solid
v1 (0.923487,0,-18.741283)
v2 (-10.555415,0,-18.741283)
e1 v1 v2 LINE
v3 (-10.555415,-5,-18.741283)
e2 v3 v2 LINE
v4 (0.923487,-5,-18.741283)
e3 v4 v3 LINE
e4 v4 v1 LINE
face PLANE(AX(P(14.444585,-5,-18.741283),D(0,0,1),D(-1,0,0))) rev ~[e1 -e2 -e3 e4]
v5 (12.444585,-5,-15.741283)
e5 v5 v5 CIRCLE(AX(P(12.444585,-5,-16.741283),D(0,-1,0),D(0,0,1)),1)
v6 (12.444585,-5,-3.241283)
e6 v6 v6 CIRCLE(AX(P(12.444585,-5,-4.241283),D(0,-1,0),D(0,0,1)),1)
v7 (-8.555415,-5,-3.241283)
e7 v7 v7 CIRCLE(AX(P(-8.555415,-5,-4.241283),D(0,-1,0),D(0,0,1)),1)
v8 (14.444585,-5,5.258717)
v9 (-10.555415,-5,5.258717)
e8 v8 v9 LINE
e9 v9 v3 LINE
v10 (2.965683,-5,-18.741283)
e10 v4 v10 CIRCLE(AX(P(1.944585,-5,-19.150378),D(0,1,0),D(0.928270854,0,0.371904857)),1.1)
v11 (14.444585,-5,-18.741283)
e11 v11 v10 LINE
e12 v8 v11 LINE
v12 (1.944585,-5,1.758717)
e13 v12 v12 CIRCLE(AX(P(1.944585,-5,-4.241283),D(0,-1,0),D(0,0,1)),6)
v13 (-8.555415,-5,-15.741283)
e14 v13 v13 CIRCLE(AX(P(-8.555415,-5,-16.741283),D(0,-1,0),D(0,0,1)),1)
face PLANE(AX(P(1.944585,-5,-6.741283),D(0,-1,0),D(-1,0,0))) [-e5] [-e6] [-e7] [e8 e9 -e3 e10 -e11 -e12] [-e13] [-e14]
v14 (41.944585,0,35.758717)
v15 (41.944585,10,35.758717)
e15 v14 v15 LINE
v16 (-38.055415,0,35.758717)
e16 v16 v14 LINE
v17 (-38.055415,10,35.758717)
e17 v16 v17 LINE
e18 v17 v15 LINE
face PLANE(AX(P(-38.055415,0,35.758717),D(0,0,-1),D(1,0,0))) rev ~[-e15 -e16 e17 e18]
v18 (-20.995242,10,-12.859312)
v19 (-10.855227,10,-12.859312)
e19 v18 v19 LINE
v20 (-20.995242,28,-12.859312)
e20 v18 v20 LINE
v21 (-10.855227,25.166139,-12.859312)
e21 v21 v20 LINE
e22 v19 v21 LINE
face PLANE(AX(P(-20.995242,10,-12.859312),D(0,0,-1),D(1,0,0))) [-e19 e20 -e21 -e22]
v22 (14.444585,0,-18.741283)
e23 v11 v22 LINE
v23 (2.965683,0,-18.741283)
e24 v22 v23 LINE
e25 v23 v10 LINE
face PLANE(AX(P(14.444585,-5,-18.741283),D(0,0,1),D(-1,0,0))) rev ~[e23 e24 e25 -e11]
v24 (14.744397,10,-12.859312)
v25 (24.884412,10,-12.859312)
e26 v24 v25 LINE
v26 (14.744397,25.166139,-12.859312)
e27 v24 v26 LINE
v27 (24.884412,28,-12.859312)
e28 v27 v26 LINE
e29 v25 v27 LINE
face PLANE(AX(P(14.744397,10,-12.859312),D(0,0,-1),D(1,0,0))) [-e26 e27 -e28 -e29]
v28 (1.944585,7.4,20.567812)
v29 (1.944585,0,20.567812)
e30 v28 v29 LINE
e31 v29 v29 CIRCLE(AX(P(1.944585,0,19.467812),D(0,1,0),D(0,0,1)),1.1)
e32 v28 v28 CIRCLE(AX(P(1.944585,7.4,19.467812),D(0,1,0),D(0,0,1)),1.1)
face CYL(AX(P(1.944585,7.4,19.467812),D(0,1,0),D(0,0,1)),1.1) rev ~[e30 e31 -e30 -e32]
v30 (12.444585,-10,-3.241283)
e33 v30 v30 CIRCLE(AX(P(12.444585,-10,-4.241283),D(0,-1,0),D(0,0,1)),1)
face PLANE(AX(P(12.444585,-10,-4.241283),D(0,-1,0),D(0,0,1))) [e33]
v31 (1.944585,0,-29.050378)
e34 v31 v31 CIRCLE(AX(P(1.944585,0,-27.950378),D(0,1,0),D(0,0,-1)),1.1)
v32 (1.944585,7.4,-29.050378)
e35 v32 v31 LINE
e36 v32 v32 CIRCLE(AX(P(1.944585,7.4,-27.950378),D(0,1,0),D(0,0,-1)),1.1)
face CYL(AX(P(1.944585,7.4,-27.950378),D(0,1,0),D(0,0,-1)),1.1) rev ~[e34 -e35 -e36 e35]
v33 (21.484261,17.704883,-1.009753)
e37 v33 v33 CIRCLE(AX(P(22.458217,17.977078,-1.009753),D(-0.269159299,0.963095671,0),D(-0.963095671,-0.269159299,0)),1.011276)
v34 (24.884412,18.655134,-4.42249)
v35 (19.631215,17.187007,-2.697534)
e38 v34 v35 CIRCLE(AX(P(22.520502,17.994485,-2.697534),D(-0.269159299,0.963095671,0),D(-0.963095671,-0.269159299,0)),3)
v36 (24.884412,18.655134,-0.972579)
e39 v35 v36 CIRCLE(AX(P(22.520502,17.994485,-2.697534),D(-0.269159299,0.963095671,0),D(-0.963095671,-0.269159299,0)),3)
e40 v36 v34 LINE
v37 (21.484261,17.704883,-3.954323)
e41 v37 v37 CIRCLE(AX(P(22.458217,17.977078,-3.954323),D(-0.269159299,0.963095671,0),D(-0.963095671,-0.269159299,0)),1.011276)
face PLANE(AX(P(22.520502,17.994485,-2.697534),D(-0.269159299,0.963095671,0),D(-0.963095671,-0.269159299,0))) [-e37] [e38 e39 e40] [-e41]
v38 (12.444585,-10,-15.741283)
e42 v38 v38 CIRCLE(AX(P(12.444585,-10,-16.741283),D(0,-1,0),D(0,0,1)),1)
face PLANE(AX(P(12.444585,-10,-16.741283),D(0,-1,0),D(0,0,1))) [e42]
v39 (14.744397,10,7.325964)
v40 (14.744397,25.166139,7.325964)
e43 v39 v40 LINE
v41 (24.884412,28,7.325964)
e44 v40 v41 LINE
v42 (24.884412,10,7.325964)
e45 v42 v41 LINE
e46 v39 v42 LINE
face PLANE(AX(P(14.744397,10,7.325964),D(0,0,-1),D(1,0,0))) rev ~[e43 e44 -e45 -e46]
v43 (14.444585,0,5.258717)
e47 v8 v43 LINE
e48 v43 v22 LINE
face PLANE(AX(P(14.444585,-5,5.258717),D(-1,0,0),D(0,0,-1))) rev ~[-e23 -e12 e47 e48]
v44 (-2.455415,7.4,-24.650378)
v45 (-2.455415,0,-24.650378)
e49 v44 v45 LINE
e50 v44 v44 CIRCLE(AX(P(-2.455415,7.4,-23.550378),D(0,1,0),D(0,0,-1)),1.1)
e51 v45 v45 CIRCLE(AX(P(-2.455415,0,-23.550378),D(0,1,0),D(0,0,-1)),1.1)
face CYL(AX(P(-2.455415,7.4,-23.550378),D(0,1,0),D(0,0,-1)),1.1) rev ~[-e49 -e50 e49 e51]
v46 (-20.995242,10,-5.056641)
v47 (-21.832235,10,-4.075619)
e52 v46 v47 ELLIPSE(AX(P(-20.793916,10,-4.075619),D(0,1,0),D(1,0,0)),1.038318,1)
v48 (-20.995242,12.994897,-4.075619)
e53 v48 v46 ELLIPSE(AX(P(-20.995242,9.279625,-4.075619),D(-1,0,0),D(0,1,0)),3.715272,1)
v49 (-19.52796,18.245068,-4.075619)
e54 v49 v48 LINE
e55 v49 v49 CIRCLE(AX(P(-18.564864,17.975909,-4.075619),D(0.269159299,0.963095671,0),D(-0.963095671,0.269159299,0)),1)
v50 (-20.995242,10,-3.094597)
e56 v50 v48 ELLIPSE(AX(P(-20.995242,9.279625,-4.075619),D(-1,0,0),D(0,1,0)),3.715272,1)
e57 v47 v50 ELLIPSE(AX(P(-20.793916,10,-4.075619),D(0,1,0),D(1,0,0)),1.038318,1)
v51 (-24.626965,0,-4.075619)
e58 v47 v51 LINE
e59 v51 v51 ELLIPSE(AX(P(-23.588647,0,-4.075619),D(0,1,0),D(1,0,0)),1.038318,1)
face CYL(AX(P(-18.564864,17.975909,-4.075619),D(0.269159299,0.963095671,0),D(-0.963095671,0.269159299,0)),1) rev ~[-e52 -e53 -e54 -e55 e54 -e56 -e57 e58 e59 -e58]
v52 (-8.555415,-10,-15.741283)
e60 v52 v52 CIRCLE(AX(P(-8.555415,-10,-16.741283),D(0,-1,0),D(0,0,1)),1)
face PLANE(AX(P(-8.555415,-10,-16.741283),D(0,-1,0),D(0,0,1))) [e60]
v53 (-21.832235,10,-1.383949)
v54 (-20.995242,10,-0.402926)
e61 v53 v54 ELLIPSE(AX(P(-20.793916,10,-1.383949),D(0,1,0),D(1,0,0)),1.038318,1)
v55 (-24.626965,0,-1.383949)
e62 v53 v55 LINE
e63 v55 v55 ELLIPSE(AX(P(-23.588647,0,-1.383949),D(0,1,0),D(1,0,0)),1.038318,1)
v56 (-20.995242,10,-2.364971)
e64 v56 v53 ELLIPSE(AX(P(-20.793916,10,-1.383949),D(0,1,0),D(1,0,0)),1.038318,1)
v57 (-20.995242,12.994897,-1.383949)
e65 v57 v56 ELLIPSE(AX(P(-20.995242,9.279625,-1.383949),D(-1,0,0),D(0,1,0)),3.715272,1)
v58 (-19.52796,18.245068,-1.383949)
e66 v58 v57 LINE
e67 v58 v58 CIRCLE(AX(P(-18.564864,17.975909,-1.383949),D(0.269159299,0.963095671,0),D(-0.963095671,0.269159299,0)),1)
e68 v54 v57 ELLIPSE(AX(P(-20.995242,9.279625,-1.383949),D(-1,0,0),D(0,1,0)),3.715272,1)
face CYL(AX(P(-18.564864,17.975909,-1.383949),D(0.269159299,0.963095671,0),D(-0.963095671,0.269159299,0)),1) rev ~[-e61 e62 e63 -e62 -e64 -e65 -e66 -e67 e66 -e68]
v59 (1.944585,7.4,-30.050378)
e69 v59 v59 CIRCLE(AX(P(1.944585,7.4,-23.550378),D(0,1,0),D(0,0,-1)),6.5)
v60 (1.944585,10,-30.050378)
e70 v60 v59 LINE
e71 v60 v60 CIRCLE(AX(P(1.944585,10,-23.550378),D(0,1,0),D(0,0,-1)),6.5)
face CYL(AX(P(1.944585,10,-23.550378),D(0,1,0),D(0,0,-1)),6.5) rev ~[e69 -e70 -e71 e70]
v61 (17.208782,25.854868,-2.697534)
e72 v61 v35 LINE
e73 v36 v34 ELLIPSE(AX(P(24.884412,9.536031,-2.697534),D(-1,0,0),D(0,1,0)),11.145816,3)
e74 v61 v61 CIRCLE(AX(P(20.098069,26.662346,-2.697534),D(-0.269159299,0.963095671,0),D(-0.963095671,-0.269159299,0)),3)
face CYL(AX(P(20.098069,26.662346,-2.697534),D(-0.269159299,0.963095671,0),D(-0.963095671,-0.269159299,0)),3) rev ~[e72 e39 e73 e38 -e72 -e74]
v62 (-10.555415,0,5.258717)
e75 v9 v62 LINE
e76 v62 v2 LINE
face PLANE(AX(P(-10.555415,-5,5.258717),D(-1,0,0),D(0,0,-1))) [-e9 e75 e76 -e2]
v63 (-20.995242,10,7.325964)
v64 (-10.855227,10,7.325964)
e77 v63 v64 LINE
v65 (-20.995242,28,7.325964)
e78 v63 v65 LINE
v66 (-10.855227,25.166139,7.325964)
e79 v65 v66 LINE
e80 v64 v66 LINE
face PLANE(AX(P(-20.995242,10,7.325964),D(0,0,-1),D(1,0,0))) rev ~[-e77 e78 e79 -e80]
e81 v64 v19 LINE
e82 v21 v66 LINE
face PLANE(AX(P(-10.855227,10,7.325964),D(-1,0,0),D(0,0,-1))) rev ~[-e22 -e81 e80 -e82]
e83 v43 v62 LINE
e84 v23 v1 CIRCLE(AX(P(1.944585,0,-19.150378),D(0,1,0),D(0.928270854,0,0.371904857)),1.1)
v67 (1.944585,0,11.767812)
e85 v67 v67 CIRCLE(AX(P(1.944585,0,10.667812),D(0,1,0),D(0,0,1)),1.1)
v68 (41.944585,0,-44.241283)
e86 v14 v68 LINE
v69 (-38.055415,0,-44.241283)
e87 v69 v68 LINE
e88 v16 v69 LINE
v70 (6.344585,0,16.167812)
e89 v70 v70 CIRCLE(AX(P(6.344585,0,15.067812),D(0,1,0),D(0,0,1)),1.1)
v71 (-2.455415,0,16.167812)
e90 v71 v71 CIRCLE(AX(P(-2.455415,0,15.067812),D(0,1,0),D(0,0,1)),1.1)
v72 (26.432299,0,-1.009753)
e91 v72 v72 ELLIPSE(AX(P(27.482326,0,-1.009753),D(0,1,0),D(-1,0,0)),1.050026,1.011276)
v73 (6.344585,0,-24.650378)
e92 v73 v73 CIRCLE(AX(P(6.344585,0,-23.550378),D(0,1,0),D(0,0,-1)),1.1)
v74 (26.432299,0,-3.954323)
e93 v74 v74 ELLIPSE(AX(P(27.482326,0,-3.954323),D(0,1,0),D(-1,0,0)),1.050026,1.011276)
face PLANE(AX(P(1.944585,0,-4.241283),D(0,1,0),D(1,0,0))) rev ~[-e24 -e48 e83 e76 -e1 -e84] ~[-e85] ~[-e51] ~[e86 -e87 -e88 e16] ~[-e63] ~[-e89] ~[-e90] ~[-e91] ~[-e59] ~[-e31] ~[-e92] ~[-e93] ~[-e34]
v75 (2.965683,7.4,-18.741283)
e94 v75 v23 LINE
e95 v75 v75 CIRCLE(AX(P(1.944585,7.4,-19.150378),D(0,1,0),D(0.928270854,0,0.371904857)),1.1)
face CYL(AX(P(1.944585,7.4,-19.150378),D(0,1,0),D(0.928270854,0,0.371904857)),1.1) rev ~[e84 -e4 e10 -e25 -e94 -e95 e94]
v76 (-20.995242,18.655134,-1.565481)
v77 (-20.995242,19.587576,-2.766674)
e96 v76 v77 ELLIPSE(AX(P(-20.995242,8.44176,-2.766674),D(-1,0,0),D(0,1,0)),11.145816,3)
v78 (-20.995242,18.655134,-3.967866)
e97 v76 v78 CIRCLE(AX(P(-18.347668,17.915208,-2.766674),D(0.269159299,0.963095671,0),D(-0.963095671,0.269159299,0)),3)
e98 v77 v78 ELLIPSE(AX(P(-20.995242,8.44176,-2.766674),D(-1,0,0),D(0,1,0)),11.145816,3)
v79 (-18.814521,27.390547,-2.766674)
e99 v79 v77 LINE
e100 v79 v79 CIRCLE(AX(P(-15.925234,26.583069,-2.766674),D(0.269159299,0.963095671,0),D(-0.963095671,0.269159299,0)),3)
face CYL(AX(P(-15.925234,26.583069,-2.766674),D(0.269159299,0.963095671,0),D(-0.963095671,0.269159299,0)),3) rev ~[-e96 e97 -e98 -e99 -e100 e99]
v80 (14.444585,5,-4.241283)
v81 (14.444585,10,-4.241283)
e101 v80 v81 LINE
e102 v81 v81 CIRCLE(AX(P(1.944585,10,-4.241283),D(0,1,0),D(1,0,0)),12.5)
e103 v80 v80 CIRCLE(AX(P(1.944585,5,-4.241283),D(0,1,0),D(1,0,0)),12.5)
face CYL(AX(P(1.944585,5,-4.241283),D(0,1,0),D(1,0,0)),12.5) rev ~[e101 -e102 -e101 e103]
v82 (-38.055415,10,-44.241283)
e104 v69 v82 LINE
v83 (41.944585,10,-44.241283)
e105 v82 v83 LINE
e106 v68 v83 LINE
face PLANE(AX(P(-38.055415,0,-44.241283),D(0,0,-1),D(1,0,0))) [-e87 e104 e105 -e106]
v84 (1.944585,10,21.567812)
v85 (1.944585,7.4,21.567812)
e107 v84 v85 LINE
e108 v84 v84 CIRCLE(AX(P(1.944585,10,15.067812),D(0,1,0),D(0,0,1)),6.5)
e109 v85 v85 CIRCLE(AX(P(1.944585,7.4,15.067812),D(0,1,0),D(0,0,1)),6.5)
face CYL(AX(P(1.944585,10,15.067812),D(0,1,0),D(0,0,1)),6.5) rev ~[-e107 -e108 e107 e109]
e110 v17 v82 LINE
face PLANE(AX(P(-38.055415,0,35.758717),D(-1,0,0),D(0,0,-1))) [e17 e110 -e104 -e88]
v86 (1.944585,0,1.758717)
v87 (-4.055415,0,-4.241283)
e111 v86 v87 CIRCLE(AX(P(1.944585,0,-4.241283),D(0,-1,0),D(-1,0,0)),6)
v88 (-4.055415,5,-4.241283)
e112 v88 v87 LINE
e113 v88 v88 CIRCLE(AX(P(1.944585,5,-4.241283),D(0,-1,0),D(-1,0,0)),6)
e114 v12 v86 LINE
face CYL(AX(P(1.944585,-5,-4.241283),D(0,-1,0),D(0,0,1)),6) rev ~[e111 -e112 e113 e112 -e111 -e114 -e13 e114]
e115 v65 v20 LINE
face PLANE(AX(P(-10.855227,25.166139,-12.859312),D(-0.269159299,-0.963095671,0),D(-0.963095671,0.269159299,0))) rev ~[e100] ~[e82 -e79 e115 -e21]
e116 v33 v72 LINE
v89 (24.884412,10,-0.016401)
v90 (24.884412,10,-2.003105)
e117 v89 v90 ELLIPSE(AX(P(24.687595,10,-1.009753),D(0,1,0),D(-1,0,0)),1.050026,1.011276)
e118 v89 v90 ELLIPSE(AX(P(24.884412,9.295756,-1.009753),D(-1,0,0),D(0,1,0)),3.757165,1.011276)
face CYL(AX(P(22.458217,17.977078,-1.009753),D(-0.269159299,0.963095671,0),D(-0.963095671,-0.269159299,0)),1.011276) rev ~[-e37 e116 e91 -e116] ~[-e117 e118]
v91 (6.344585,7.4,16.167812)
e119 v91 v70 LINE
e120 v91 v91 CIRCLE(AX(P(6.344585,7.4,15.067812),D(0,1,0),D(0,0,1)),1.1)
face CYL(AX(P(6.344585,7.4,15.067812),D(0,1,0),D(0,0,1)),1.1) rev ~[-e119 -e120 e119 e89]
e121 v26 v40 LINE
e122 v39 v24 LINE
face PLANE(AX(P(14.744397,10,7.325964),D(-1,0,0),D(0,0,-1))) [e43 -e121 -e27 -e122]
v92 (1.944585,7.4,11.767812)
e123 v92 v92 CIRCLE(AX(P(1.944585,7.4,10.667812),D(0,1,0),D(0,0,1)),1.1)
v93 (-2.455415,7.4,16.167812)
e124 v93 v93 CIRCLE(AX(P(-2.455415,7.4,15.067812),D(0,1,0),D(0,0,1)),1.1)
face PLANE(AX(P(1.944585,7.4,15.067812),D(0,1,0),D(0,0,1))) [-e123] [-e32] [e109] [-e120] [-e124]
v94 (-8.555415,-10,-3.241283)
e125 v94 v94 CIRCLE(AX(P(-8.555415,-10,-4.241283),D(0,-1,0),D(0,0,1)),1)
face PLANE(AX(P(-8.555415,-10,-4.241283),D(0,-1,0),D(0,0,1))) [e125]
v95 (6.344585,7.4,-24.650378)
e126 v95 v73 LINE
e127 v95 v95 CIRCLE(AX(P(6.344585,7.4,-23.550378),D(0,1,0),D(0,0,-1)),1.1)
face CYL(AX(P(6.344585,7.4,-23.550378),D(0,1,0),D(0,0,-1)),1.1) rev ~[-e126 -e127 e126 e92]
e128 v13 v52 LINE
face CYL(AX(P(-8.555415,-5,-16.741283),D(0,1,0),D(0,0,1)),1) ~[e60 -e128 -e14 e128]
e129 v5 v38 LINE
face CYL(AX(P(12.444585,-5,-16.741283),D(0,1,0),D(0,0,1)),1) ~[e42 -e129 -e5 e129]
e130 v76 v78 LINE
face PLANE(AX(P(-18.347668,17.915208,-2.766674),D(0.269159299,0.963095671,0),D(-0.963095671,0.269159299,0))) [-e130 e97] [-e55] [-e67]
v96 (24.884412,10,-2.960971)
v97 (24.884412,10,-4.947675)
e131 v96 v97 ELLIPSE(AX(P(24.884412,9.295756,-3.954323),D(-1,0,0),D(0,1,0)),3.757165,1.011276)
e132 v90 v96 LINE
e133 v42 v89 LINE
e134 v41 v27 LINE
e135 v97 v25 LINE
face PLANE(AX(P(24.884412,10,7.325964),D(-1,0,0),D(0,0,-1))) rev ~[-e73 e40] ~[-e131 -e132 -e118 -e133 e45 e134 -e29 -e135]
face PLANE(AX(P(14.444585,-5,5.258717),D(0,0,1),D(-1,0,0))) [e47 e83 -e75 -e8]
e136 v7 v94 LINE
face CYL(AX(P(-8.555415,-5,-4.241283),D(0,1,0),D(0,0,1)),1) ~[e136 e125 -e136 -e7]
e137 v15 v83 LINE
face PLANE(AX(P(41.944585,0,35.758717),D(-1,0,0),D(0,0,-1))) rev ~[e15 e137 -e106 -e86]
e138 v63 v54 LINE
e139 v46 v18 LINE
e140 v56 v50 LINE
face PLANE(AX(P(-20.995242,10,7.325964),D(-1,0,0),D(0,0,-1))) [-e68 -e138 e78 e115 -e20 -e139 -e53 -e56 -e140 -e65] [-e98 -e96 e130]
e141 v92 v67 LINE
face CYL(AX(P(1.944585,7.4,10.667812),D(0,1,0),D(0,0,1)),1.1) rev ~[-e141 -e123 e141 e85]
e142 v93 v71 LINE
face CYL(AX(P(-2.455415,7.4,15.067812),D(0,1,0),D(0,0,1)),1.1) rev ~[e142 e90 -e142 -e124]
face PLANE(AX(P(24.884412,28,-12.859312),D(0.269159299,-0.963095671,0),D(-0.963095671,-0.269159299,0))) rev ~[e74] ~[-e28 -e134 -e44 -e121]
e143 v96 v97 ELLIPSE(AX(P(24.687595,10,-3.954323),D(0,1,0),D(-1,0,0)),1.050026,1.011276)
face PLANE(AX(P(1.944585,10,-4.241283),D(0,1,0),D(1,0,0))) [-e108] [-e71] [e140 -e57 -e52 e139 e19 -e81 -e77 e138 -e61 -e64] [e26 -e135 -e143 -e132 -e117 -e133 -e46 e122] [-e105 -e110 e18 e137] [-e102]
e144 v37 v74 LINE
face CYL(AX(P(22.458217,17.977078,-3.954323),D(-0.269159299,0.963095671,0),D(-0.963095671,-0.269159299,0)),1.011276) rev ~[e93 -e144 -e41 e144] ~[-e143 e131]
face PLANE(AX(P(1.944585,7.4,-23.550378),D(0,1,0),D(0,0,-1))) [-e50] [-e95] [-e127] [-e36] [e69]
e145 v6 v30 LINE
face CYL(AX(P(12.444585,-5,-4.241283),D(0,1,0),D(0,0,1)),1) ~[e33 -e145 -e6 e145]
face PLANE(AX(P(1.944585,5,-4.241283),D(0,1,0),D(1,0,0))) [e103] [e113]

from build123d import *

# Parameters (mm, degrees)
SKETCH28_W                                   = 80
SKETCH28_H                                   = 80
BOSS_EXTRUDE1_DEPTH                          = 10
CBORE_FOR_M10_CHEESE_HEAD_SCREW1_D           = 12
CBORE_FOR_M10_CHEESE_HEAD_SCREW1_CBORE_D     = 25
CBORE_FOR_M10_CHEESE_HEAD_SCREW1_CBORE_DEPTH = 5
BOSS_EXTRUDE2_START                          = 5
SKETCH31_W                                   = 25
SKETCH31_H                                   = 24
SKETCH31_R                                   = 6
BOSS_EXTRUDE2_DEPTH                          = 5
SKETCH36_R                                   = 1
BOSS_EXTRUDE5_DEPTH                          = 5
SKETCH37_R                                   = 6.5
CUT_EXTRUDE1_DEPTH                           = 2.6
SKETCH38_R                                   = 1.1
CUT_EXTRUDE2_DEPTH                           = 64.398733217
SKETCH39_W                                   = 10.140014898
SKETCH39_H                                   = 20.185275771
SKETCH39_W_2                                 = 10.140014899
BOSS_EXTRUDE6_DEPTH                          = 18
CUT_EXTRUDE3_REACH                           = 73.95
SKETCH42_R                                   = 3
CUT_EXTRUDE4_DEPTH                           = 9
SKETCH43_R                                   = 1.011275837
CUT_EXTRUDE5_DEPTH                           = 67.446435697
CUT_EXTRUDE7_REACH                           = 72.05
SKETCH47_R                                   = 3
CUT_EXTRUDE8_DEPTH                           = 9
SKETCH48_R                                   = 1
CUT_EXTRUDE9_DEPTH                           = 65.394869849


with BuildPart() as part:
    # Sketch28 → Boss-Extrude1 (new body)
    with BuildSketch(Plane(origin=(0, 0, 0), x_dir=(1, 0, 0), z_dir=(0, 1, 0))):
        with Locations((1.944585414, 4.241283073)):
            Rectangle(SKETCH28_W, SKETCH28_H)
    extrude(amount=BOSS_EXTRUDE1_DEPTH)

    # CBORE for M10 Cheese Head Screw1 (through all)
    with Locations(Plane(origin=(0, 10, 0), x_dir=(1, 0, 0), z_dir=(0, 1, 0))):
        with Locations((1.944585414, 4.241283073)):
            CounterBoreHole(CBORE_FOR_M10_CHEESE_HEAD_SCREW1_D / 2, CBORE_FOR_M10_CHEESE_HEAD_SCREW1_CBORE_D / 2, CBORE_FOR_M10_CHEESE_HEAD_SCREW1_CBORE_DEPTH)

    # Sketch31 → Boss-Extrude2 (add)
    with BuildSketch(Plane(origin=(0, 0, 0), x_dir=(-1, 0, 0), z_dir=(0, -1, 0)).offset(BOSS_EXTRUDE2_START)):
        with Locations((-1.944585414, 6.741283073)):
            Rectangle(SKETCH31_W, SKETCH31_H)
        with Locations(Location((-1.944585414, 4.241283073, 0), (0, 0, 270))):
            Circle(SKETCH31_R, mode=Mode.SUBTRACT)
    extrude(amount=-BOSS_EXTRUDE2_DEPTH)

    # Sketch36 → Boss-Extrude5 (add)
    with BuildSketch(Plane.XZ.offset(5)):
        with Locations(Location((12.444585414, -16.741283073, 0), (0, 0, 90))):
            Circle(SKETCH36_R)
        with Locations(Location((12.444585414, -4.241283073, 0), (0, 0, 90))):
            Circle(SKETCH36_R)
        with Locations(Location((-8.555414586, -16.741283073, 0), (0, 0, 90))):
            Circle(SKETCH36_R)
        with Locations(Location((-8.555414586, -4.241283073, 0), (0, 0, 90))):
            Circle(SKETCH36_R)
    extrude(amount=BOSS_EXTRUDE5_DEPTH)

    # Sketch37 → Cut-Extrude1 (cut)
    with BuildSketch(Plane(origin=(0, 10, 0), x_dir=(1, 0, 0), z_dir=(0, 1, 0))):
        with Locations(Location((1.944585414, -15.067812269, 0), (0, 0, 270))):
            Circle(SKETCH37_R)
        with Locations(Location((1.944585414, 23.550378415, 0), (0, 0, 90))):
            Circle(SKETCH37_R)
    extrude(amount=-CUT_EXTRUDE1_DEPTH, mode=Mode.SUBTRACT)

    # Sketch38 → Cut-Extrude2 (cut, through all)
    with BuildSketch(Plane(origin=(0, 7.4, 0), x_dir=(1, 0, 0), z_dir=(0, 1, 0))):
        with Locations(Location((1.944585414, -19.467812269, 0), (0, 0, 270))):
            Circle(SKETCH38_R)
        with Locations(Location((-2.455414586, -15.067812269, 0), (0, 0, 270))):
            Circle(SKETCH38_R)
        with Locations(Location((1.944585414, -10.667812269, 0), (0, 0, 270))):
            Circle(SKETCH38_R)
        with Locations(Location((6.344585414, -15.067812269, 0), (0, 0, 270))):
            Circle(SKETCH38_R)
        with Locations(Location((1.944585414, 27.950378415, 0), (0, 0, 90))):
            Circle(SKETCH38_R)
        with Locations(Location((6.344585414, 23.550378415, 0), (0, 0, 90))):
            Circle(SKETCH38_R)
        with Locations(Location((1.944585414, 19.150378415, 0), (0, 0, 338.166857226))):
            Circle(SKETCH38_R)
        with Locations(Location((-2.455414586, 23.550378415, 0), (0, 0, 90))):
            Circle(SKETCH38_R)
    extrude(amount=-CUT_EXTRUDE2_DEPTH, mode=Mode.SUBTRACT)

    # Sketch39 → Boss-Extrude6 (add)
    with BuildSketch(Plane(origin=(-3.101061249, 10, 0), x_dir=(1, 0, 0), z_dir=(0, 1, 0))):
        with Locations((22.915466142, 2.76667369)):
            Rectangle(SKETCH39_W, SKETCH39_H)
        with Locations((-12.824172815, 2.76667369)):
            Rectangle(SKETCH39_W_2, SKETCH39_H)
    extrude(amount=BOSS_EXTRUDE6_DEPTH)

    # Sketch41 → Cut-Extrude3 (cut, up to next)
    with BuildSketch(Plane(origin=(-3.101061249, 0, -12.859311575), x_dir=(-1, 0, 0), z_dir=(0, 0, -1)), mode=Mode.PRIVATE) as cut_extrude3_sk1:
        Polygon((-17.845458693, 28), (-27.985473591, 28), (-17.845458693, 25.166138953), align=None)
    cut_extrude3_tool1 = extrude(cut_extrude3_sk1.sketch, amount=-CUT_EXTRUDE3_REACH, mode=Mode.PRIVATE) & part.part
    add(cut_extrude3_tool1.solids().sort_by_distance((18.124402, 27.05538, -12.859312))[0], mode=Mode.SUBTRACT)

    # Sketch42 → Cut-Extrude4 (cut)
    with BuildSketch(Plane(origin=(-8.331937614, 18.716924855, 0), x_dir=(0.9630956709984104, 0.2691592994940385, 0), z_dir=(-0.26915929949403855, 0.9630956709984105, 0))):
        with Locations(Location((29.519399999, 2.697534427, 0), (0, 0, 180))):
            Circle(SKETCH42_R)
    extrude(amount=-CUT_EXTRUDE4_DEPTH, mode=Mode.SUBTRACT)

    # Sketch43 → Cut-Extrude5 (cut, through all)
    with BuildSketch(Plane(origin=(-3.033104412, 10.852940003, 0), x_dir=(0.9630956709984104, 0.26915929949403844, 0), z_dir=(-0.2691592994940385, 0.9630956709984105, 0))):
        with Locations(Location((26.468109022, 1.00975317, 0), (0, 0, 180))):
            Circle(SKETCH43_R)
        with Locations(Location((26.468109022, 3.95432313, 0), (0, 0, 180))):
            Circle(SKETCH43_R)
    extrude(amount=-CUT_EXTRUDE5_DEPTH, mode=Mode.SUBTRACT)

    # Sketch46 → Cut-Extrude7 (cut, up to next)
    with BuildSketch(Plane(origin=(0, 0, -12.859311575), x_dir=(-1, 0, 0), z_dir=(0, 0, -1)), mode=Mode.PRIVATE) as cut_extrude7_sk1:
        Polygon((10.855226615, 25.166138953), (20.995241513, 28), (10.855226615, 28), align=None)
    cut_extrude7_tool1 = extrude(cut_extrude7_sk1.sketch, amount=-CUT_EXTRUDE7_REACH, mode=Mode.PRIVATE) & part.part
    add(cut_extrude7_tool1.solids().sort_by_distance((-14.235232, 27.05538, -12.859312))[0], mode=Mode.SUBTRACT)

    # Sketch47 → Cut-Extrude8 (cut)
    with BuildSketch(Plane(origin=(5.737295811, 20.528975847, 0), x_dir=(0.9630956709983024, -0.26915929949442535, 0), z_dir=(0.2691592994944253, 0.9630956709983023, 0))):
        with Locations(Location((-22.492604345, 2.766673689, 0), (0, 0, 180))):
            Circle(SKETCH47_R)
    extrude(amount=-CUT_EXTRUDE8_DEPTH, mode=Mode.SUBTRACT)

    # Sketch48 → Cut-Extrude9 (cut, through all)
    with BuildSketch(Plane(origin=(3.314862115, 11.861114808, 0), x_dir=(0.9630956709983024, -0.26915929949442546, 0), z_dir=(0.2691592994944254, 0.9630956709983023, 0))):
        with Locations(Location((-22.718123544, 4.075619229, 0), (0, 0, 180))):
            Circle(SKETCH48_R)
        with Locations(Location((-22.718123544, 1.383948503, 0), (0, 0, 180))):
            Circle(SKETCH48_R)
    extrude(amount=-CUT_EXTRUDE9_DEPTH, mode=Mode.SUBTRACT)


solid = part.part
